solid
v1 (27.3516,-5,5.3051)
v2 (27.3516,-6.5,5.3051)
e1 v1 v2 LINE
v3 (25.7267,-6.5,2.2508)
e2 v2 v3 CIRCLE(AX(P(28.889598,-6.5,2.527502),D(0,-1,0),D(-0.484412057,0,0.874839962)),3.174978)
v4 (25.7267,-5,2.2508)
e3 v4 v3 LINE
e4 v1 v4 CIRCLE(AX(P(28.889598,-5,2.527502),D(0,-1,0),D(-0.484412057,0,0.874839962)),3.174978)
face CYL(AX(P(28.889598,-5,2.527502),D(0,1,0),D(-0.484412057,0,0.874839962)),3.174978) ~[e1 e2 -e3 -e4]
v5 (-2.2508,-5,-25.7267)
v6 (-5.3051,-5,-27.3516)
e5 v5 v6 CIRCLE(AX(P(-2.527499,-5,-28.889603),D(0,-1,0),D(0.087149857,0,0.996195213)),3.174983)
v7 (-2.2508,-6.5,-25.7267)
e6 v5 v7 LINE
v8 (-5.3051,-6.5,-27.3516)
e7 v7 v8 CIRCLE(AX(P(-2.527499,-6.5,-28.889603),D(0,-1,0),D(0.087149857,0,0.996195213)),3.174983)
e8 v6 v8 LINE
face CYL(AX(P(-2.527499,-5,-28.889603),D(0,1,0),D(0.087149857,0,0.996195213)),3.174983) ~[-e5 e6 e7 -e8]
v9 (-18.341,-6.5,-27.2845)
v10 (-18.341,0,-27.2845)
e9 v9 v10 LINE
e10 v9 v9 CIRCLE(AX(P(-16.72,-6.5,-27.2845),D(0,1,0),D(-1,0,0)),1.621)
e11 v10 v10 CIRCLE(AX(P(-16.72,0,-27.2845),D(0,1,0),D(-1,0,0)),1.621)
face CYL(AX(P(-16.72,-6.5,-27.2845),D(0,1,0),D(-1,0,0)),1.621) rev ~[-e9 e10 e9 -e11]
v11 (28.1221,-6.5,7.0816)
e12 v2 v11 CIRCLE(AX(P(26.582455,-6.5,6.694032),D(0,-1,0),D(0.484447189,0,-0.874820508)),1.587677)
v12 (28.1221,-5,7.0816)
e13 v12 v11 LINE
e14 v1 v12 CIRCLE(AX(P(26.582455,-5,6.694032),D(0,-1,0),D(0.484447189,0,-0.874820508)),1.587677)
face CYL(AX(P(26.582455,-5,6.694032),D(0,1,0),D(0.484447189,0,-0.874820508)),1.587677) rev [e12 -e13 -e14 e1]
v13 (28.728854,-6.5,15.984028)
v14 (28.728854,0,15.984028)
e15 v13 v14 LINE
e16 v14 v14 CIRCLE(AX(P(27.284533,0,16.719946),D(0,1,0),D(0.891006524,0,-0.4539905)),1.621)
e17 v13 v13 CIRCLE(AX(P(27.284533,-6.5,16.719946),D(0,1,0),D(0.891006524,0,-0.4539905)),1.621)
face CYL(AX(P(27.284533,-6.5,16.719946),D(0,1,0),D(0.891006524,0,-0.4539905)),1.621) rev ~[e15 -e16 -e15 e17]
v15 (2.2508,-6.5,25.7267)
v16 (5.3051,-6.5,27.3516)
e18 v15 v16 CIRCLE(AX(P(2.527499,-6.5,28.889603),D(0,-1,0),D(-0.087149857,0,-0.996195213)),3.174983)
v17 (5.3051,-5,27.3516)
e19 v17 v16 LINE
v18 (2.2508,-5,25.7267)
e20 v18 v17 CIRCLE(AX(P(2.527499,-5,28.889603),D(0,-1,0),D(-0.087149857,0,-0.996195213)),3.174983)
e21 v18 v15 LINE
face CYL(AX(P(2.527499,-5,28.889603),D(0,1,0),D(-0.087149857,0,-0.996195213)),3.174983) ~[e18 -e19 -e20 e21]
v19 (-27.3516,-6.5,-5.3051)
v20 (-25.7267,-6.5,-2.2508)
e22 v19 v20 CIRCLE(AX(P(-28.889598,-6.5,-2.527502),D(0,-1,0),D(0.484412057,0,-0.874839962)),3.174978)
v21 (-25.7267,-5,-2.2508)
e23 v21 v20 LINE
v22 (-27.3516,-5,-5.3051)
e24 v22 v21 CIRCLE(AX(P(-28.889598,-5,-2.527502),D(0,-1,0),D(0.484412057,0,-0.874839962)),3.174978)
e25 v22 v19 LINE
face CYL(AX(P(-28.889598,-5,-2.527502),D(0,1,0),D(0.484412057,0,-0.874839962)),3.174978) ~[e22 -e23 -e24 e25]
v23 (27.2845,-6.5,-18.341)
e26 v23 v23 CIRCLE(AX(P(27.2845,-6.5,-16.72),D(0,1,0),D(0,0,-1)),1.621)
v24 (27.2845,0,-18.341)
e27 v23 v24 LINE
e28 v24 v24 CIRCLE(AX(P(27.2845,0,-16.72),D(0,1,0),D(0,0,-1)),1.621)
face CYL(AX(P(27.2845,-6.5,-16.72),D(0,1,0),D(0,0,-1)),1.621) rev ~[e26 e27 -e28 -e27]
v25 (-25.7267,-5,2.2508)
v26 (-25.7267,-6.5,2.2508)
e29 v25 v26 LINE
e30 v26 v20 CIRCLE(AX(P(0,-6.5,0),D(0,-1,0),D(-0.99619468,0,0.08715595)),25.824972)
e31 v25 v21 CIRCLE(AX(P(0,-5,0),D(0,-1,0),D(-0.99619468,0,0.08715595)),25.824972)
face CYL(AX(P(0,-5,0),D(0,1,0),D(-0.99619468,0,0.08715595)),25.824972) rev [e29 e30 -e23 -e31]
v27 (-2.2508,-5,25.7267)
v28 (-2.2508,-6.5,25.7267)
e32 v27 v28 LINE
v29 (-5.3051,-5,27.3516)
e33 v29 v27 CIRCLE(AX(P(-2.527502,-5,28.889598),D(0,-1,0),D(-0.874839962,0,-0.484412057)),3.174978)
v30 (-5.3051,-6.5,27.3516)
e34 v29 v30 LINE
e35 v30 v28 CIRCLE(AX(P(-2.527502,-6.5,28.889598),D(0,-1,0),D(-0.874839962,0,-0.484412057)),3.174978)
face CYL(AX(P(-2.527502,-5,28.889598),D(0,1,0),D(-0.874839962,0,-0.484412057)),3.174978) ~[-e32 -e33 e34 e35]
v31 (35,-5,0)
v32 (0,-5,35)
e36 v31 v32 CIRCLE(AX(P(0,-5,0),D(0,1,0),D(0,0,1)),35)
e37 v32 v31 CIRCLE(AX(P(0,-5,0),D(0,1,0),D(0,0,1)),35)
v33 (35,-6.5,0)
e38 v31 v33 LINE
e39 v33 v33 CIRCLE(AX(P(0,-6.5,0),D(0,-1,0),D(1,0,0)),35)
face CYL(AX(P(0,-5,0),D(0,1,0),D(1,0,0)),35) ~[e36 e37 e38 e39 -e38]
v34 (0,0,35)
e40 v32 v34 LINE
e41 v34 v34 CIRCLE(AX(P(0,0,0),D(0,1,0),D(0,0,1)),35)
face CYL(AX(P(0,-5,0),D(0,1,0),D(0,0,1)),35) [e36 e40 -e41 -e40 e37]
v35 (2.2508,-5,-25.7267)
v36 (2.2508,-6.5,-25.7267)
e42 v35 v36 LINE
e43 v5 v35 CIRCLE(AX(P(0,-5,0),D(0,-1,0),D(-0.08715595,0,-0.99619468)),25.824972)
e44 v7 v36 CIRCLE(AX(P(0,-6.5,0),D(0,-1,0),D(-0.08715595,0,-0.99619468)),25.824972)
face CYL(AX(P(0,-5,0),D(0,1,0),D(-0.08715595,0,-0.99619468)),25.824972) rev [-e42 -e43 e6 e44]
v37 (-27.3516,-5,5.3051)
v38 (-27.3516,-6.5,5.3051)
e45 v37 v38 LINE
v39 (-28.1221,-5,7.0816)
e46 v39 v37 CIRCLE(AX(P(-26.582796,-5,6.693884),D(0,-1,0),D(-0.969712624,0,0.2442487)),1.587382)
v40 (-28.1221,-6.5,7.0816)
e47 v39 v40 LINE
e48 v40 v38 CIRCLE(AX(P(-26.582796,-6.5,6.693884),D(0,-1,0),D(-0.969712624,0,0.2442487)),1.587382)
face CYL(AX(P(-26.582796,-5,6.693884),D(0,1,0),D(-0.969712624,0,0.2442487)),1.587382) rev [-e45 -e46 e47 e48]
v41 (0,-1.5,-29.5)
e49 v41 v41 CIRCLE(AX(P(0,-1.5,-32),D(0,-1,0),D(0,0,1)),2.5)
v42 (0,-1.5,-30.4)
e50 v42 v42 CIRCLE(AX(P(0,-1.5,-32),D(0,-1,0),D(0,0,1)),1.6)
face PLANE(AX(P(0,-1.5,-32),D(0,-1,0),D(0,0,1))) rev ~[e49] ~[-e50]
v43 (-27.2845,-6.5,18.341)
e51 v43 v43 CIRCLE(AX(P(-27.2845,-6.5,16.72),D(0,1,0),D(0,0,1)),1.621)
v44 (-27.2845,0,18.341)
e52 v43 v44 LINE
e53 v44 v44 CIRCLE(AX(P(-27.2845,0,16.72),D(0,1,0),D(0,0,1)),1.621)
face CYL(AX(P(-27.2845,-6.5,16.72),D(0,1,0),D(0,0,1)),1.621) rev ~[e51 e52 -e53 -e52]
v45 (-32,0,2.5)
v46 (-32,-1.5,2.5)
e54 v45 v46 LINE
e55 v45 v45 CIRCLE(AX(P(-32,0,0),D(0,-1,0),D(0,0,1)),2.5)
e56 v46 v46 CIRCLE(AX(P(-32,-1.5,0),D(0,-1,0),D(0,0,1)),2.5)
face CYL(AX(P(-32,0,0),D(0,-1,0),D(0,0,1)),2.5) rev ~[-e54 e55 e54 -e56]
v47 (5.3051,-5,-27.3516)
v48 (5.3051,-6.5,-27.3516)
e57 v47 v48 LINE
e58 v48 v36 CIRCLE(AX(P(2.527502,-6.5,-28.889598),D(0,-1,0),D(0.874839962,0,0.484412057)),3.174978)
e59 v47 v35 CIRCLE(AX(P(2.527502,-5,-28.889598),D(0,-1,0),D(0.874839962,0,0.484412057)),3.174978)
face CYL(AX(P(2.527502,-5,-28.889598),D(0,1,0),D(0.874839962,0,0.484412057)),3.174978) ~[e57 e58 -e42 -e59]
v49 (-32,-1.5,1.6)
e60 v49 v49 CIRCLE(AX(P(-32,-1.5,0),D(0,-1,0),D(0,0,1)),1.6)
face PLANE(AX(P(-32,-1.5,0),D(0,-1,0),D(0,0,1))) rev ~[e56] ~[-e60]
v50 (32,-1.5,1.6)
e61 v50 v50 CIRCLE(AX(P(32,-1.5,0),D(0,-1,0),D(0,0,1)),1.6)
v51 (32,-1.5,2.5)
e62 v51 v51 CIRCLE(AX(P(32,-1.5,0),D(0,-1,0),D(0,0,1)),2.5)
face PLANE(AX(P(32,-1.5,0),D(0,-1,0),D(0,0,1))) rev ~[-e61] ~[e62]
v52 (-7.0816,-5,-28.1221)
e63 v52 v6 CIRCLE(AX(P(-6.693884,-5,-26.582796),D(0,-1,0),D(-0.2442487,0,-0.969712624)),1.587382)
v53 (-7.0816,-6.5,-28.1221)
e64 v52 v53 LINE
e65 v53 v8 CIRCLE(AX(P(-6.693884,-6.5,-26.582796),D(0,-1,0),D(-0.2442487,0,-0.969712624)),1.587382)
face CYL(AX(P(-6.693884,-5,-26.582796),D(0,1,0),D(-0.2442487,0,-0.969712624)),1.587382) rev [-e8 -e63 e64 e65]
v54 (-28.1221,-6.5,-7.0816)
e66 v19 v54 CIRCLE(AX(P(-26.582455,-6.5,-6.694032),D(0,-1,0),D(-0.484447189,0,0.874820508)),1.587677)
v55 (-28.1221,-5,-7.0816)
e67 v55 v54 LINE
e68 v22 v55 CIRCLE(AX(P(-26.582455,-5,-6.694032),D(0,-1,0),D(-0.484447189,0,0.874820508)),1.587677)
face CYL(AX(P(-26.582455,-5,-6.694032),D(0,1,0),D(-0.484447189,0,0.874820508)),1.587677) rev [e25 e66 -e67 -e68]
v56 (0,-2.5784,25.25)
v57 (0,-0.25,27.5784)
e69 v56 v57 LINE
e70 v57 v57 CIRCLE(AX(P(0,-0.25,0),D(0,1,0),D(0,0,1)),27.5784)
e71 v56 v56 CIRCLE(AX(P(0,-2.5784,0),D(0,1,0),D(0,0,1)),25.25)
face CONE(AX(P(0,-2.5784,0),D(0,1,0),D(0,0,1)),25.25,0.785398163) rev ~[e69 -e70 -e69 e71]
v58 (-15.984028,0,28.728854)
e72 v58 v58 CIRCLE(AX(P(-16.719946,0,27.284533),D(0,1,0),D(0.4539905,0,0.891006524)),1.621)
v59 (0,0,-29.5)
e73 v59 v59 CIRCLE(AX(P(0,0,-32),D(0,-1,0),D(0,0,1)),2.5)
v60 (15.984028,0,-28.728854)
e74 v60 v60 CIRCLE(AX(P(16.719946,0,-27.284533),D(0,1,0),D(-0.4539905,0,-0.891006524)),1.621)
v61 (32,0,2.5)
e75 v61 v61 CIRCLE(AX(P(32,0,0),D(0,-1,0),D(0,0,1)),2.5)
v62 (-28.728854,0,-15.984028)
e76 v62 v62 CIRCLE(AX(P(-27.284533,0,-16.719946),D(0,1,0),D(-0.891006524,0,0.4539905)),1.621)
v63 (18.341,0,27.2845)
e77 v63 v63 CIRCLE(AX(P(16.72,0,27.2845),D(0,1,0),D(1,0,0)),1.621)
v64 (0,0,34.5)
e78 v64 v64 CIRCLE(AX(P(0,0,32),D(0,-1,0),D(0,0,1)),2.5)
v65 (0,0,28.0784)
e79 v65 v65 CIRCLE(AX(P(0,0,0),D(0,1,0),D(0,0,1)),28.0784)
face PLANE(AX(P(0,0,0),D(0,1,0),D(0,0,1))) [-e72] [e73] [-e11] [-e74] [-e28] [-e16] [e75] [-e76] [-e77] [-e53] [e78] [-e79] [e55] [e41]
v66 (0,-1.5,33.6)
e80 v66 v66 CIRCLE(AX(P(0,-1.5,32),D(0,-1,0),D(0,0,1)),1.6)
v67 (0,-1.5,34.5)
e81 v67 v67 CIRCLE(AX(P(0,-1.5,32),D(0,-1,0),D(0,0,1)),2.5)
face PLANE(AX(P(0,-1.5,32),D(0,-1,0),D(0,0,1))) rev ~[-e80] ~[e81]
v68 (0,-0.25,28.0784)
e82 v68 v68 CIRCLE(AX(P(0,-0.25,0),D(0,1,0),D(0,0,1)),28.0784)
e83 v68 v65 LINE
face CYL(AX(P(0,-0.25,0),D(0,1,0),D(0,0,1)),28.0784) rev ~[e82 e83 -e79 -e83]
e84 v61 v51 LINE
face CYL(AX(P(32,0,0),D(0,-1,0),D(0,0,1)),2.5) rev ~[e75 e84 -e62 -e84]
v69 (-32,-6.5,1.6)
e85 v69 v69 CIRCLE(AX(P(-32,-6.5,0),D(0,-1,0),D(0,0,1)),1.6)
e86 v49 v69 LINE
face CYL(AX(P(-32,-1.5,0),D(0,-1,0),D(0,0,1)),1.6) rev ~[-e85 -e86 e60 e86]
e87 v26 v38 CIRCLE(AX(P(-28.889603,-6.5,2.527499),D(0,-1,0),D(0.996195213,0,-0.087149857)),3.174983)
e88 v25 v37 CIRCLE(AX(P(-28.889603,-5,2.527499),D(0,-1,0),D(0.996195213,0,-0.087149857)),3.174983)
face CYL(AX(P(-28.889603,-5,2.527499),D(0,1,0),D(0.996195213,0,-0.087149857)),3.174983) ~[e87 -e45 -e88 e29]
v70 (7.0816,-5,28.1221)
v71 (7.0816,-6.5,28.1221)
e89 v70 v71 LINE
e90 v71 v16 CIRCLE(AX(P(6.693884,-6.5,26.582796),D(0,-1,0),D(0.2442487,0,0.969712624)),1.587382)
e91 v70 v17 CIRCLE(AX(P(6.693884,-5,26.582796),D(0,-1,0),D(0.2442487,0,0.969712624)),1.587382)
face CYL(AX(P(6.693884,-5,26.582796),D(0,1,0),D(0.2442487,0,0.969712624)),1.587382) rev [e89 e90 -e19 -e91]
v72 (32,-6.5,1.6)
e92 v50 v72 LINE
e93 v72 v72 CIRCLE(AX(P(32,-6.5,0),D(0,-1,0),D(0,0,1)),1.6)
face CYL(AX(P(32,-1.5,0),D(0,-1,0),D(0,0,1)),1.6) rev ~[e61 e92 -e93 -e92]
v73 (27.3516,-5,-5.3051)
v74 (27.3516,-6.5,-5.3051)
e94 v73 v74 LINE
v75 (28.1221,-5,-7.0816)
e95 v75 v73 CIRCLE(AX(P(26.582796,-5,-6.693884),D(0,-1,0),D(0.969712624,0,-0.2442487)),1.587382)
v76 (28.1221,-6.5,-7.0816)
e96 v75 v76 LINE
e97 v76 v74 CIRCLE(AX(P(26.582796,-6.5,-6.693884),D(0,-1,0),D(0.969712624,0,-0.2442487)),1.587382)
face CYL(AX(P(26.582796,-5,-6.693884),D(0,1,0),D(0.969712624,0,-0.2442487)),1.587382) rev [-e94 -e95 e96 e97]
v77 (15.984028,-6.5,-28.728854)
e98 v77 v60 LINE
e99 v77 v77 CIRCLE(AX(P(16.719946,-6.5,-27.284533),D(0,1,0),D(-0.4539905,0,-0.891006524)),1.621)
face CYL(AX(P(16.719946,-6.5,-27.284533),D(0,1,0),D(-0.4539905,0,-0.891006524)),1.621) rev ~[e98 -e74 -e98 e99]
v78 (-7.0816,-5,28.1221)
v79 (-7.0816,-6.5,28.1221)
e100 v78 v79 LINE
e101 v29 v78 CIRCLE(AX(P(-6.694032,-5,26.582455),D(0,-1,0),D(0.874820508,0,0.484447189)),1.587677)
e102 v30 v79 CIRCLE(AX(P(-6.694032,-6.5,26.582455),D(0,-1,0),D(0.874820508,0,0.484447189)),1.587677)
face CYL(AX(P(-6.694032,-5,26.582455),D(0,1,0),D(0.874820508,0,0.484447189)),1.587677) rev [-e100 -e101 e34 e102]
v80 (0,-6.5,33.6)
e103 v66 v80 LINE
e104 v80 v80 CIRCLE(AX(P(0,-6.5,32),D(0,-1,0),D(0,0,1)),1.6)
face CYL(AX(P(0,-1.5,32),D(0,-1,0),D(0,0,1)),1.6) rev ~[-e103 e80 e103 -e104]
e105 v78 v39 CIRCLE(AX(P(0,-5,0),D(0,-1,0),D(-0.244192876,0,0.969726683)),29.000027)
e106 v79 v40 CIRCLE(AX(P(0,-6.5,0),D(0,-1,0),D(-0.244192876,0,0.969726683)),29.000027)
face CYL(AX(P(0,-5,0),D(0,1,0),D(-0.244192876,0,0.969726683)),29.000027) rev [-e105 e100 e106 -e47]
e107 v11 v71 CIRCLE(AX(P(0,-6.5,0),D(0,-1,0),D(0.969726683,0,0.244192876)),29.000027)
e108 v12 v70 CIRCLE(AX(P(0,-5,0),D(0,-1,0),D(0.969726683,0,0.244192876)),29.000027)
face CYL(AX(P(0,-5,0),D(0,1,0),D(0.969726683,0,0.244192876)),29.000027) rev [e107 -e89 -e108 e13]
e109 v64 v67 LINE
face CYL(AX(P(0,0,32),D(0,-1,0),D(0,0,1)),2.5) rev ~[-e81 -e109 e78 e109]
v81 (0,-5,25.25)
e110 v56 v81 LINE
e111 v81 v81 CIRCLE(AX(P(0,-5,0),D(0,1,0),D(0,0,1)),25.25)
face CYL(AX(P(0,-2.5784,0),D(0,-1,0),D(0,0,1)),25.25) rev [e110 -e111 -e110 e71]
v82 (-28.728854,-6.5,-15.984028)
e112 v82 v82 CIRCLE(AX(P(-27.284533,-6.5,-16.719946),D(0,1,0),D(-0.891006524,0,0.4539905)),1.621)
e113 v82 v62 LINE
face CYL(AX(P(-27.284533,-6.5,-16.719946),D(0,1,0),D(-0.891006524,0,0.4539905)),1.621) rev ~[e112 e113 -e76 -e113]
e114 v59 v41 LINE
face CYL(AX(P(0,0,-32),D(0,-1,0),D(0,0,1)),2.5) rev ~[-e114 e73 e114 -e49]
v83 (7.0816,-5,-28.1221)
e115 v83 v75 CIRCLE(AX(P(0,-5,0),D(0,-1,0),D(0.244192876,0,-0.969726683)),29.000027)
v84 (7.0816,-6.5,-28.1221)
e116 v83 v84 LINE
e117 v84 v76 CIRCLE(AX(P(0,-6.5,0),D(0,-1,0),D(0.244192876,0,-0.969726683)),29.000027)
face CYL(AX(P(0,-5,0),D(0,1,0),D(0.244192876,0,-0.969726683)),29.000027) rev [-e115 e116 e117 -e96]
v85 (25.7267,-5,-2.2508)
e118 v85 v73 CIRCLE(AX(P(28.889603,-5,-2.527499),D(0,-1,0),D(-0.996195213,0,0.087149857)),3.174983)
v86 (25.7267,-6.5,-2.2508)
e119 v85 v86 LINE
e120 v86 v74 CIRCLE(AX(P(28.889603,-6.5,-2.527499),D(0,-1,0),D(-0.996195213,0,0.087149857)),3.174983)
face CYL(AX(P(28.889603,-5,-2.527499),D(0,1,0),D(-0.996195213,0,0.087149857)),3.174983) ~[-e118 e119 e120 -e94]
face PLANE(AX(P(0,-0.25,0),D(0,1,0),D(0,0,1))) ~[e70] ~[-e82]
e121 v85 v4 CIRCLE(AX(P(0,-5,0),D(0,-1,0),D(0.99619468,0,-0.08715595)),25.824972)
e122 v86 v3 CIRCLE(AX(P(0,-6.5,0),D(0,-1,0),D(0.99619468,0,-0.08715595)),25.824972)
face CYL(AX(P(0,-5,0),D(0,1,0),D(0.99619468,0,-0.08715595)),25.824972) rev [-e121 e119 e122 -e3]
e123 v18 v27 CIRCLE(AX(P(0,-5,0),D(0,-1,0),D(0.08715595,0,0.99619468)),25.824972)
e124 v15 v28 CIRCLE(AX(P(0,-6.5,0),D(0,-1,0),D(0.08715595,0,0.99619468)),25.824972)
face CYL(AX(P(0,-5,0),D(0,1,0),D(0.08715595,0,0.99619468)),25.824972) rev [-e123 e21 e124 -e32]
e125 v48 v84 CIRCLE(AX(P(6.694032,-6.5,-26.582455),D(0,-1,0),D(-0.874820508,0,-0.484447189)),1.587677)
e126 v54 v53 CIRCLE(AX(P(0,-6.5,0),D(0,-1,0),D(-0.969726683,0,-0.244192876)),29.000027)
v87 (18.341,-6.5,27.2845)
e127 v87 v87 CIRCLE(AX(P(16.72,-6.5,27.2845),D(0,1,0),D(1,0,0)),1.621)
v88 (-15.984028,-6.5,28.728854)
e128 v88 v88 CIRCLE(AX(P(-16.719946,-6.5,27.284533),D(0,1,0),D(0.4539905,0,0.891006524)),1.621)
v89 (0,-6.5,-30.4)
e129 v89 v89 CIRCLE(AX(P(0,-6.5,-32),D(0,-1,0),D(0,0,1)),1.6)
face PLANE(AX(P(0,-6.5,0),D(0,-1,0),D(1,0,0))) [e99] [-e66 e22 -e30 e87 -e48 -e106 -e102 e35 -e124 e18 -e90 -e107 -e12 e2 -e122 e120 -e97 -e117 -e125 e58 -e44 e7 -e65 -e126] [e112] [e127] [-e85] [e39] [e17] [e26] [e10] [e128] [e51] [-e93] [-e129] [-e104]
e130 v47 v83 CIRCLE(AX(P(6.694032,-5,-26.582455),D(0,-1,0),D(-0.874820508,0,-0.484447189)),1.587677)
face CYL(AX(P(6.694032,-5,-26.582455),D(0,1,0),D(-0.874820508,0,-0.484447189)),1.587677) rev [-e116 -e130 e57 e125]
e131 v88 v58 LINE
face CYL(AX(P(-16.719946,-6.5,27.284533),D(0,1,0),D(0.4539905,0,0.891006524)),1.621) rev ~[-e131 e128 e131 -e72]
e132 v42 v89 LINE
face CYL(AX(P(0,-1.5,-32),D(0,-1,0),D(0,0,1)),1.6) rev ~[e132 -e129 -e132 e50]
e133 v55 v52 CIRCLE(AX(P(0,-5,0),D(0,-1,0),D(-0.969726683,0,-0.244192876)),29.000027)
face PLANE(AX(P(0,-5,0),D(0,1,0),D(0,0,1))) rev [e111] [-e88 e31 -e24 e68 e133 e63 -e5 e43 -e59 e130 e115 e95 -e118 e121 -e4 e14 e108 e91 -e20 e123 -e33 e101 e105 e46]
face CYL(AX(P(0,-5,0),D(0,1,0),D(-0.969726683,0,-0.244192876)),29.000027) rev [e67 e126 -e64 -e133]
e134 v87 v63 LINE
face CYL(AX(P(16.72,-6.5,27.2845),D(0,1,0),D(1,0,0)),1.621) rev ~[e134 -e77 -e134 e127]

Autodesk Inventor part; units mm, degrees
ref_plane "YZ Plane" through (0, 0, 0) normal (1, 0, 0) x (0, 1, 0)
ref_plane "XZ Plane" through (0, 0, 0) normal (0, 1, 0) x (-1, 0, 0)
ref_plane "XY Plane" through (0, 0, 0) normal (0, 0, 1) x (1, 0, 0)
sketch "Sketch1" plane through (0, 0, 0) normal (1, 0, 0) x (0, 1, 0)
  line L0 (-4.2955, 0) -> (4.2955, 0)
  line L1 (0, 35) -> (0, 28.0784)
  line L2 (-2.5784, 25.25) -> (-5, 25.25)
  line L3 (-5, 25.25) -> (-5, 35)
  line L4 (-5, 35) -> (0, 35)
  line L5 (-2.5784, 25.25) -> (-0.25, 27.5784)
  line L6 (-0.25, 27.5784) -> (-0.25, 28.0784)
  line L7 (-0.25, 28.0784) -> (0, 28.0784)
  line L8 (0, 22.1716) -> (-2.8284, 25) construction
  line L9 (-2.8284, 25) -> (0, 27.8284) construction
  line L10 (0, 27.8284) -> (2.8284, 25) construction
  line L11 (2.8284, 25) -> (0, 22.1716) construction
  line L12 (0, 22.1716) -> (0, 27.8284) construction
  line L13 (-2.8284, 25) -> (2.8284, 25) construction
  point P0 (0, 0)
  point P1 (0, 0)
  point P2 (0, 25)
  point P3 (-1.4142, 26.4142)
  dimension "d1" = 5
  dimension "d2" = 0.5
  dimension "d3" = 0.25
  dimension "d4" = 135
  dimension "d7" = 4
  dimension "d8" = 50
  dimension "d9" = 0.25
  dimension "d10" = 70
revolve "Revolution1" add sketch "Sketch1" angle 360 about axis through (0, -4.2955, 0) along (0, 1, 0)
sketch "Sketch3" plane through (0, -5, 0) normal (0, -1, 0) x (1, 0, 0)
  circle A0 centre (0, 0) radius 35
  arc A1 (2.5275, 28.8896) -> (-2.5275, 28.8896) centre (0, 0) ccw construction
  arc A2 (2.2508, 25.7267) -> (-2.2508, 25.7267) centre (0, 0) ccw
  arc A3 (2.2508, 25.7267) -> (5.3051, 27.3516) centre (2.5275, 28.8896) ccw
  arc A4 (-5.3051, 27.3516) -> (-2.2508, 25.7267) centre (-2.5275, 28.8896) ccw
  line L0 (2.5275, 28.8896) -> (0, 0) construction
  line L1 (0, 0) -> (-2.5275, 28.8896) construction
  arc A5 (7.0816, 28.1221) -> (5.3051, 27.3516) centre (6.6939, 26.5826) ccw
  arc A6 (-5.3051, 27.3516) -> (-7.0816, 28.1221) centre (-6.6939, 26.5826) ccw
  arc A7 (-25.7267, 2.2508) -> (-27.3516, 5.3051) centre (-28.8896, 2.5275) ccw
  arc A8 (-28.1221, 7.0816) -> (-27.3516, 5.3051) centre (-26.5826, 6.6939) ccw
  arc A9 (-27.3516, -5.3051) -> (-28.1221, -7.0816) centre (-26.5826, -6.6939) ccw
  arc A10 (-27.3516, -5.3051) -> (-25.7267, -2.2508) centre (-28.8896, -2.5275) ccw
  arc A11 (-25.7267, 2.2508) -> (-25.7267, -2.2508) centre (0, 0) ccw
  arc A12 (-2.2508, -25.7267) -> (-5.3051, -27.3516) centre (-2.5275, -28.8896) ccw
  arc A13 (-7.0816, -28.1221) -> (-5.3051, -27.3516) centre (-6.6939, -26.5826) ccw
  arc A14 (5.3051, -27.3516) -> (7.0816, -28.1221) centre (6.6939, -26.5826) ccw
  arc A15 (5.3051, -27.3516) -> (2.2508, -25.7267) centre (2.5275, -28.8896) ccw
  arc A16 (-2.2508, -25.7267) -> (2.2508, -25.7267) centre (0, 0) ccw
  arc A17 (25.7267, -2.2508) -> (27.3516, -5.3051) centre (28.8896, -2.5275) ccw
  arc A18 (28.1221, -7.0816) -> (27.3516, -5.3051) centre (26.5826, -6.6939) ccw
  arc A19 (27.3516, 5.3051) -> (28.1221, 7.0816) centre (26.5826, 6.6939) ccw
  arc A20 (27.3516, 5.3051) -> (25.7267, 2.2508) centre (28.8896, 2.5275) ccw
  arc A21 (25.7267, -2.2508) -> (25.7267, 2.2508) centre (0, 0) ccw
  arc A22 (-7.0816, 28.1221) -> (-28.1221, 7.0816) centre (0, 0) ccw
  arc A23 (-28.1221, -7.0816) -> (-7.0816, -28.1221) centre (0, 0) ccw
  arc A24 (7.0816, -28.1221) -> (28.1221, -7.0816) centre (0, 0) ccw
  arc A25 (28.1221, 7.0816) -> (7.0816, 28.1221) centre (0, 0) ccw
  point P0 (0, 29)
  dimension "d13" = 70
  dimension "d16" = 10
  dimension "d17" = 3.175
  dimension "d18" = 1.5875
  dimension "d21" = 360
  dimension "d23" = 29
extrude "Extrusion1" add sketch "Sketch3" along normal blind 1.5
sketch "Sketch6" plane through (0, 0, 0) normal (0, 1, 0) x (1, 0, 0)
  circle A0 centre (0, 0) radius 35 projected
  line L0 (0, -35) -> (0, 0)
  point P0 (0, -32)
  point P1 (32, 0)
  point P2 (0, 32)
  point P3 (-32, 0)
  dimension "d47" = 3
  dimension "d50" = 360
hole "Hole2" at (0, 0, 32) at (32, 0, 0) at (0, 0, -32) at (-32, 0, 0) direction (0, -1, 0) diameter 3.2 end through all counterbore diameter 5 counterbore depth 1.5 clearance for "Socket Head Cap Screw" size "M3" standard "Ansi Metric M Profile"
sketch "Sketch5" plane through (0, -6.5, 0) normal (0, -1, 0) x (1, 0, 0)
  circle A0 centre (32, 0) radius 2.5 projected
  line L0 (32, 0) -> (0, 0)
  line L1 (0, 0) -> (29.6429, -18.1652)
  point P0 (27.2845, -16.72)
  dimension "d32" = 31.5
  dimension "d33" = 32
hole "Hole1" at (27.2845, -6.5, -16.72) direction (0, 1, 0) diameter 3.242 end through all thread size "M4x0.7" class "6H" standard "ANSI Metric M Profile"
pattern_circular "Circular Pattern1" count 2 over 27 about axis through (0, -2.5, 0) along (0, 1, 0) of "Hole1"
pattern_circular "Circular Pattern2" count 4 over 360 about axis through (0, -2.5, 0) along (0, 1, 0) of "Hole1", "Circular Pattern1"
properties part number "CR_OUTSIDE,BOTTOM,REV-ENG" material "Steel, A2, HT 56-58 Rc"
